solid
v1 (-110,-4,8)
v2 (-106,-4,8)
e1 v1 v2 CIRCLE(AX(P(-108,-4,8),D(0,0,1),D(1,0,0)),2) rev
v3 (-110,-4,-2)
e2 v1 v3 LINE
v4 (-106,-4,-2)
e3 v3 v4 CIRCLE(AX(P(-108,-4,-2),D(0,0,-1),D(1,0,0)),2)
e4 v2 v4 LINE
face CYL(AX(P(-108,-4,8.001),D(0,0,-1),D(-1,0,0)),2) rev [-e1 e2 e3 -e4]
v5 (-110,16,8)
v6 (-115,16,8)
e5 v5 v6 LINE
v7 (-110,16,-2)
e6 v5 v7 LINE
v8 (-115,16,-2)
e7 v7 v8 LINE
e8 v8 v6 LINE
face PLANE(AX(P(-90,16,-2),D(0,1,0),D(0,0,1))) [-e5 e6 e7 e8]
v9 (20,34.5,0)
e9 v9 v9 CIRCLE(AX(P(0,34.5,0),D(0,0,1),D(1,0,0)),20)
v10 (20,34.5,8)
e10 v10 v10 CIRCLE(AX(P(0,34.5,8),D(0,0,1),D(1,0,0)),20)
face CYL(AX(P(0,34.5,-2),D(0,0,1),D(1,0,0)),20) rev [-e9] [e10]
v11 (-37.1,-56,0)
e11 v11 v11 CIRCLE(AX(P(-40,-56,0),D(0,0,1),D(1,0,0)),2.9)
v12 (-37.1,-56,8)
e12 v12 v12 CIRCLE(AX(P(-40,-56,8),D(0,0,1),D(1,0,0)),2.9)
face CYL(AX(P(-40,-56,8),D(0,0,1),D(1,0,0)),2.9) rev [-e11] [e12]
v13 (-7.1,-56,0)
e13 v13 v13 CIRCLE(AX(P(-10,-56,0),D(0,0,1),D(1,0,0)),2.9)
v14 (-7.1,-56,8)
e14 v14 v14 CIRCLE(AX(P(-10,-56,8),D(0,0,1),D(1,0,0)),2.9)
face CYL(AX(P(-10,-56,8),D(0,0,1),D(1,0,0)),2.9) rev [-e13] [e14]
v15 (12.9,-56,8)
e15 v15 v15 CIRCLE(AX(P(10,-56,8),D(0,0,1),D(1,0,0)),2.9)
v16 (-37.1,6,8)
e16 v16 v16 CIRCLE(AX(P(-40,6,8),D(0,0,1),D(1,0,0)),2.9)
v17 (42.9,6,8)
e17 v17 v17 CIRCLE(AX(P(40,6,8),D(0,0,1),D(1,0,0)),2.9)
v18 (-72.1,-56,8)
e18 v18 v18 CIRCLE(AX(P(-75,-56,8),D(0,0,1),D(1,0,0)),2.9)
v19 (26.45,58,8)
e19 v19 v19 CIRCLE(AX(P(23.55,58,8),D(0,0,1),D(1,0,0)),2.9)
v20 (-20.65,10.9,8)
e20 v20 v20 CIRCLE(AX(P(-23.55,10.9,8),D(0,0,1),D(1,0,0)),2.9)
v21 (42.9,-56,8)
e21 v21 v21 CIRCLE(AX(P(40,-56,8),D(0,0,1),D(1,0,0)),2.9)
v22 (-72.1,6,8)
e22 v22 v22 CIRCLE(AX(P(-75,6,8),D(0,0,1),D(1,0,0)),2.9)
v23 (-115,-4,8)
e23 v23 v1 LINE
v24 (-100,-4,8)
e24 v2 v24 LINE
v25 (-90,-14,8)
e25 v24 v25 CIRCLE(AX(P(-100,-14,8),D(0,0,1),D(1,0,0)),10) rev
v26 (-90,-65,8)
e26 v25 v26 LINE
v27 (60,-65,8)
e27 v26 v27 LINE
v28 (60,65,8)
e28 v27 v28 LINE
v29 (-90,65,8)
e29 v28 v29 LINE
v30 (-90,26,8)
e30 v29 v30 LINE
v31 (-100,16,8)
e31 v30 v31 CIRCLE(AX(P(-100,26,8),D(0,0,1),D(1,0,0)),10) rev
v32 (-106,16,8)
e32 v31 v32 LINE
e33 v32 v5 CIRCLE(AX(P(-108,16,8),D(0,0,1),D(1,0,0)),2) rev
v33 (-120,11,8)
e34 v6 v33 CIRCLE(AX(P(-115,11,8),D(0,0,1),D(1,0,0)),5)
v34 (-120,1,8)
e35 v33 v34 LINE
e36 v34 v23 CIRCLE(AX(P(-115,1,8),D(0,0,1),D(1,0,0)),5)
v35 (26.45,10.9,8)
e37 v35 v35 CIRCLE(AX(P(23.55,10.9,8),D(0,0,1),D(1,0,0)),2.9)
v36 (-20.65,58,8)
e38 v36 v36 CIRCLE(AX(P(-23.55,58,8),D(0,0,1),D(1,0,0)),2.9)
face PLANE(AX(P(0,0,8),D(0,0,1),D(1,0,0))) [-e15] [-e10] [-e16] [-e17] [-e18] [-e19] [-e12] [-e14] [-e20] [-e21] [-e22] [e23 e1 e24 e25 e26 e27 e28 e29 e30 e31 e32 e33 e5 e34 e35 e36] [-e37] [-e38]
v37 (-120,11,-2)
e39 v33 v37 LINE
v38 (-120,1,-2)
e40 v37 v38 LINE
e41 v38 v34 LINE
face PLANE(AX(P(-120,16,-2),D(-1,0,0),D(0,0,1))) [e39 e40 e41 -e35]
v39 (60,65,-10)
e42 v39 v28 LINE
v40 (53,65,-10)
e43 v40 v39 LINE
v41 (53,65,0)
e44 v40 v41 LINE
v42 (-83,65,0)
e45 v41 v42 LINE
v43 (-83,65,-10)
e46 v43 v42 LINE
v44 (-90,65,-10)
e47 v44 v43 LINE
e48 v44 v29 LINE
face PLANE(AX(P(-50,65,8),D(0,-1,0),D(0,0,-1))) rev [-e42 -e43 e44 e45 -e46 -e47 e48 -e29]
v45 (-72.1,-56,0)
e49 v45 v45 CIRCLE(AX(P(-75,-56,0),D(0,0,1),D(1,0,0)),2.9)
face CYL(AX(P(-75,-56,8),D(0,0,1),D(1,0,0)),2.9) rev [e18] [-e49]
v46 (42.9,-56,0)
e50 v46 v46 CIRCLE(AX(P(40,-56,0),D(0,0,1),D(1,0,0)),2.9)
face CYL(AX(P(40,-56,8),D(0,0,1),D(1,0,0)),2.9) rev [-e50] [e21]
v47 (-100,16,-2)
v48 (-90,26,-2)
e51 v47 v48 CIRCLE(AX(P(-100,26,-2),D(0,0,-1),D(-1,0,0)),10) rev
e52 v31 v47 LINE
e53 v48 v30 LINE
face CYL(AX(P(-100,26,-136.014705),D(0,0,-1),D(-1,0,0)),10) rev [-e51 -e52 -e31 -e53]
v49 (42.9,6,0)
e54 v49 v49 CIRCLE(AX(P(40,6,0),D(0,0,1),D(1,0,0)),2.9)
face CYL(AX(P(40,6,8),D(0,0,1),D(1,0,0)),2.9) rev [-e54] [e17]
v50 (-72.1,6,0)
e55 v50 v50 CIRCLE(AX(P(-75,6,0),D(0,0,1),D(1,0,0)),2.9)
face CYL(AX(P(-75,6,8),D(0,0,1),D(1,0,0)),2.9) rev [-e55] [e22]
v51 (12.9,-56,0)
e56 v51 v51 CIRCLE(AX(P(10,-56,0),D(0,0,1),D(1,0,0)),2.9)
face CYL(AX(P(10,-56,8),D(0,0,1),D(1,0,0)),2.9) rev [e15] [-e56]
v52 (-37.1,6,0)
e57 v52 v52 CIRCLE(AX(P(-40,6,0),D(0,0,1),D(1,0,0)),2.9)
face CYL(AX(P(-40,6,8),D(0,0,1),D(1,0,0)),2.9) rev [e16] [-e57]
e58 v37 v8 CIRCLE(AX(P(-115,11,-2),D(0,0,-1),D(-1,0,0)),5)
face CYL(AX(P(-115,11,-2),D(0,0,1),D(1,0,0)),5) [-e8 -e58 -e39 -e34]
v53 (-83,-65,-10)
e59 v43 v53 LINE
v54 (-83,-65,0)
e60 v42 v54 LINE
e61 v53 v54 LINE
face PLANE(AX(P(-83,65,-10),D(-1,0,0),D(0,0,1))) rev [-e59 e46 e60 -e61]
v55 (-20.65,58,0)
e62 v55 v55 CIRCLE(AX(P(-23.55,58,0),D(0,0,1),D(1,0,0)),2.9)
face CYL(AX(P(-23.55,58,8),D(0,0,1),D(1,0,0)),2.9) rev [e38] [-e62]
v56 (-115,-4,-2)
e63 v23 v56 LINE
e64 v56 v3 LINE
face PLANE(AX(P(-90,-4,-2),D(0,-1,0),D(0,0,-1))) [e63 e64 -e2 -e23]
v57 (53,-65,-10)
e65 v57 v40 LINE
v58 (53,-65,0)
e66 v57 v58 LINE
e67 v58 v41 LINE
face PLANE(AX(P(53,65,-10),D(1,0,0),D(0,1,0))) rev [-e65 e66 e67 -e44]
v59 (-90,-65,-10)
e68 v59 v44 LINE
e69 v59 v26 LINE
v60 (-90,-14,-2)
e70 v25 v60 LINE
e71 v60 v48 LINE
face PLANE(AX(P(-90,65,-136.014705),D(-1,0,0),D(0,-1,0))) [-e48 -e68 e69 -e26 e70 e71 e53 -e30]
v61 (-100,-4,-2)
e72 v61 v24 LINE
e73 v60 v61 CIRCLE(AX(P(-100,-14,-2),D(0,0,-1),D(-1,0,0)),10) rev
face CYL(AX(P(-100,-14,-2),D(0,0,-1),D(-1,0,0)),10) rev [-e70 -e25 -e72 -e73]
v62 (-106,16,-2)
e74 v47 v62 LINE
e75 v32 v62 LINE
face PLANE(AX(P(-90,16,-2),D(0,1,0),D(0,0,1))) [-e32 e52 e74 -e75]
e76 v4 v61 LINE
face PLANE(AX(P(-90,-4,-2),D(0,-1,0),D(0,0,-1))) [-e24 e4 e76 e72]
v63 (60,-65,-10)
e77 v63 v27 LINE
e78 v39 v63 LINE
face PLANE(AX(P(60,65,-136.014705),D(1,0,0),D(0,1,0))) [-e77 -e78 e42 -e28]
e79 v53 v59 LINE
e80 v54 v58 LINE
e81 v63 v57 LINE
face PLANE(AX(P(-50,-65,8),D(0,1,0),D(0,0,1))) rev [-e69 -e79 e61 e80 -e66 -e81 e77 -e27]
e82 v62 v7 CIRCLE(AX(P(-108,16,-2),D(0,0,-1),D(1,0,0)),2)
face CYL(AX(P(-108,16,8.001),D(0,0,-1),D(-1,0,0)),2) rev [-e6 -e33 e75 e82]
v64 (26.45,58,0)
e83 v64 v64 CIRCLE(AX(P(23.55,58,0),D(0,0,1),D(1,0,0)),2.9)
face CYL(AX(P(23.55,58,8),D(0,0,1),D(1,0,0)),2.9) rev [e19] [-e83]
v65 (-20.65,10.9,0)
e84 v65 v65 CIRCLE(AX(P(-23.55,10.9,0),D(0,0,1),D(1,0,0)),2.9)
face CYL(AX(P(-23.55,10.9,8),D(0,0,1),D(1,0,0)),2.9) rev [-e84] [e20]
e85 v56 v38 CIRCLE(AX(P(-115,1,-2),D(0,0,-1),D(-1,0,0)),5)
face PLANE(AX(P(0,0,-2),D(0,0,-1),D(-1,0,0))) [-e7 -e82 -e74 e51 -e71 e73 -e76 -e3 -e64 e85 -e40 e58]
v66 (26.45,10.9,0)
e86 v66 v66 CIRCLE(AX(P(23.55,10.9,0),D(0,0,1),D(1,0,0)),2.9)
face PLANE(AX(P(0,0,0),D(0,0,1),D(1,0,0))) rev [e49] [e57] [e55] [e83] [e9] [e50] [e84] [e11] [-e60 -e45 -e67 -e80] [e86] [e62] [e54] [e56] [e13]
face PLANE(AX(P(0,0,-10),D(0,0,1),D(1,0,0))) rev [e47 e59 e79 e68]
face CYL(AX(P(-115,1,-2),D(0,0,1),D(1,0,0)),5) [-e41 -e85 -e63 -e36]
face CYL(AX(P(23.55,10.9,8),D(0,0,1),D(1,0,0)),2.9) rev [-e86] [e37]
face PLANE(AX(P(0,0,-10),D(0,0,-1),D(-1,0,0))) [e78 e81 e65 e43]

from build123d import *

# Parameters (mm, degrees)
SKETCH1_W            = 100
SKETCH1_H            = 130
BOSS_EXTRUDE1_DEPTH  = 8
M5_CLEARANCE_HOLE1_D = 5.8
SKETCH6_R            = 20
CUT_EXTRUDE1_DEPTH   = 10
SKETCH9_W            = 40
SKETCH9_H            = 130
SKETCH9_W_2          = 10
BOSS_EXTRUDE2_DEPTH  = 8
M5_CLEARANCE_HOLE2_D = 5.8
SKETCH13_W           = 7
SKETCH13_H           = 130
BOSS_EXTRUDE3_DEPTH  = 10
SKETCH14_W           = 30
SKETCH14_H           = 20
BOSS_EXTRUDE4_DEPTH  = 10
FILLET1_R            = 10
FILLET2_R            = 5
CUT_EXTRUDE2_REACH   = 138.839


with BuildPart() as part:
    # Sketch1 → Boss-Extrude1 (new body)
    with BuildSketch(Plane.XY):
        Rectangle(SKETCH1_W, SKETCH1_H)
    extrude(amount=BOSS_EXTRUDE1_DEPTH)

    # M5 Clearance Hole1 (through all)
    with Locations(Plane.XY.offset(8)):
        with Locations((-40, 6), (40, 6), (-40, -56), (40, -56), (-23.55, 58), (23.55, 58), (-23.55, 10.9), (23.55, 10.9), (-10, -56), (10, -56)):
            Hole(M5_CLEARANCE_HOLE1_D / 2)

    # Sketch6 → Cut-Extrude1 (cut)
    with BuildSketch(Plane.XY.offset(8)):
        with Locations((0, 34.5)):
            Circle(SKETCH6_R)
    extrude(amount=-CUT_EXTRUDE1_DEPTH, mode=Mode.SUBTRACT)

    # Sketch9 → Boss-Extrude2 (add)
    with BuildSketch(Plane.XY.offset(8)):
        with Locations((-70, 0)):
            Rectangle(SKETCH9_W, SKETCH9_H)
        with Locations((55, 0)):
            Rectangle(SKETCH9_W_2, SKETCH9_H)
    extrude(amount=-BOSS_EXTRUDE2_DEPTH)

    # M5 Clearance Hole2 (through all)
    with Locations(Plane.XY.offset(8)):
        with Locations((-75, 6), (-75, -56)):
            Hole(M5_CLEARANCE_HOLE2_D / 2)

    # Sketch13 → Boss-Extrude3 (add)
    with BuildSketch(Plane(origin=(0, 0, 0), x_dir=(-1, 0, 0), z_dir=(0, 0, -1))):
        with Locations((-56.5, 0)):
            Rectangle(SKETCH13_W, SKETCH13_H)
        with Locations((86.5, 0)):
            Rectangle(SKETCH13_W, SKETCH13_H)
    extrude(amount=BOSS_EXTRUDE3_DEPTH)

    # Sketch14 → Boss-Extrude4 (add)
    with BuildSketch(Plane.XY.offset(8)):
        with Locations((-105, 6)):
            Rectangle(SKETCH14_W, SKETCH14_H)
    extrude(amount=-BOSS_EXTRUDE4_DEPTH)

    # Fillet1
    fillet1_edges = [part.edges().sort_by_distance(p)[0] for p in [
        (-90, 16, 3),
        (-90, -4, 3),
    ]]
    fillet(fillet1_edges, radius=FILLET1_R)

    # Fillet2
    fillet2_edges = [part.edges().sort_by_distance(p)[0] for p in [
        (-120, -4, 3),
        (-120, 16, 3),
    ]]
    fillet(fillet2_edges, radius=FILLET2_R)

    # Sketch15 → Cut-Extrude2 (cut, up to next)
    with BuildSketch(Plane(origin=(0, 0, -2), x_dir=(-1, 0, 0), z_dir=(0, 0, -1)), mode=Mode.PRIVATE) as cut_extrude2_sk1:
        with BuildLine():
            Line((106, 16), (110, 16))
            ThreePointArc((110, 16), (108, 14), (106, 16))
        make_face()
    cut_extrude2_tool1 = extrude(cut_extrude2_sk1.sketch, amount=-CUT_EXTRUDE2_REACH, mode=Mode.PRIVATE) & part.part
    # Sketch15 → Cut-Extrude2 (cut, up to next)
    with BuildSketch(Plane(origin=(0, 0, -2), x_dir=(-1, 0, 0), z_dir=(0, 0, -1)), mode=Mode.PRIVATE) as cut_extrude2_sk2:
        with BuildLine():
            Line((110, -4), (106, -4))
            ThreePointArc((106, -4), (108, -2), (110, -4))
        make_face()
    cut_extrude2_tool2 = extrude(cut_extrude2_sk2.sketch, amount=-CUT_EXTRUDE2_REACH, mode=Mode.PRIVATE) & part.part
    add(cut_extrude2_tool1.solids().sort_by_distance((-108, 15.151174, -2))[0], mode=Mode.SUBTRACT)
    add(cut_extrude2_tool2.solids().sort_by_distance((-108, -3.151174, -2))[0], mode=Mode.SUBTRACT)


solid = part.part
